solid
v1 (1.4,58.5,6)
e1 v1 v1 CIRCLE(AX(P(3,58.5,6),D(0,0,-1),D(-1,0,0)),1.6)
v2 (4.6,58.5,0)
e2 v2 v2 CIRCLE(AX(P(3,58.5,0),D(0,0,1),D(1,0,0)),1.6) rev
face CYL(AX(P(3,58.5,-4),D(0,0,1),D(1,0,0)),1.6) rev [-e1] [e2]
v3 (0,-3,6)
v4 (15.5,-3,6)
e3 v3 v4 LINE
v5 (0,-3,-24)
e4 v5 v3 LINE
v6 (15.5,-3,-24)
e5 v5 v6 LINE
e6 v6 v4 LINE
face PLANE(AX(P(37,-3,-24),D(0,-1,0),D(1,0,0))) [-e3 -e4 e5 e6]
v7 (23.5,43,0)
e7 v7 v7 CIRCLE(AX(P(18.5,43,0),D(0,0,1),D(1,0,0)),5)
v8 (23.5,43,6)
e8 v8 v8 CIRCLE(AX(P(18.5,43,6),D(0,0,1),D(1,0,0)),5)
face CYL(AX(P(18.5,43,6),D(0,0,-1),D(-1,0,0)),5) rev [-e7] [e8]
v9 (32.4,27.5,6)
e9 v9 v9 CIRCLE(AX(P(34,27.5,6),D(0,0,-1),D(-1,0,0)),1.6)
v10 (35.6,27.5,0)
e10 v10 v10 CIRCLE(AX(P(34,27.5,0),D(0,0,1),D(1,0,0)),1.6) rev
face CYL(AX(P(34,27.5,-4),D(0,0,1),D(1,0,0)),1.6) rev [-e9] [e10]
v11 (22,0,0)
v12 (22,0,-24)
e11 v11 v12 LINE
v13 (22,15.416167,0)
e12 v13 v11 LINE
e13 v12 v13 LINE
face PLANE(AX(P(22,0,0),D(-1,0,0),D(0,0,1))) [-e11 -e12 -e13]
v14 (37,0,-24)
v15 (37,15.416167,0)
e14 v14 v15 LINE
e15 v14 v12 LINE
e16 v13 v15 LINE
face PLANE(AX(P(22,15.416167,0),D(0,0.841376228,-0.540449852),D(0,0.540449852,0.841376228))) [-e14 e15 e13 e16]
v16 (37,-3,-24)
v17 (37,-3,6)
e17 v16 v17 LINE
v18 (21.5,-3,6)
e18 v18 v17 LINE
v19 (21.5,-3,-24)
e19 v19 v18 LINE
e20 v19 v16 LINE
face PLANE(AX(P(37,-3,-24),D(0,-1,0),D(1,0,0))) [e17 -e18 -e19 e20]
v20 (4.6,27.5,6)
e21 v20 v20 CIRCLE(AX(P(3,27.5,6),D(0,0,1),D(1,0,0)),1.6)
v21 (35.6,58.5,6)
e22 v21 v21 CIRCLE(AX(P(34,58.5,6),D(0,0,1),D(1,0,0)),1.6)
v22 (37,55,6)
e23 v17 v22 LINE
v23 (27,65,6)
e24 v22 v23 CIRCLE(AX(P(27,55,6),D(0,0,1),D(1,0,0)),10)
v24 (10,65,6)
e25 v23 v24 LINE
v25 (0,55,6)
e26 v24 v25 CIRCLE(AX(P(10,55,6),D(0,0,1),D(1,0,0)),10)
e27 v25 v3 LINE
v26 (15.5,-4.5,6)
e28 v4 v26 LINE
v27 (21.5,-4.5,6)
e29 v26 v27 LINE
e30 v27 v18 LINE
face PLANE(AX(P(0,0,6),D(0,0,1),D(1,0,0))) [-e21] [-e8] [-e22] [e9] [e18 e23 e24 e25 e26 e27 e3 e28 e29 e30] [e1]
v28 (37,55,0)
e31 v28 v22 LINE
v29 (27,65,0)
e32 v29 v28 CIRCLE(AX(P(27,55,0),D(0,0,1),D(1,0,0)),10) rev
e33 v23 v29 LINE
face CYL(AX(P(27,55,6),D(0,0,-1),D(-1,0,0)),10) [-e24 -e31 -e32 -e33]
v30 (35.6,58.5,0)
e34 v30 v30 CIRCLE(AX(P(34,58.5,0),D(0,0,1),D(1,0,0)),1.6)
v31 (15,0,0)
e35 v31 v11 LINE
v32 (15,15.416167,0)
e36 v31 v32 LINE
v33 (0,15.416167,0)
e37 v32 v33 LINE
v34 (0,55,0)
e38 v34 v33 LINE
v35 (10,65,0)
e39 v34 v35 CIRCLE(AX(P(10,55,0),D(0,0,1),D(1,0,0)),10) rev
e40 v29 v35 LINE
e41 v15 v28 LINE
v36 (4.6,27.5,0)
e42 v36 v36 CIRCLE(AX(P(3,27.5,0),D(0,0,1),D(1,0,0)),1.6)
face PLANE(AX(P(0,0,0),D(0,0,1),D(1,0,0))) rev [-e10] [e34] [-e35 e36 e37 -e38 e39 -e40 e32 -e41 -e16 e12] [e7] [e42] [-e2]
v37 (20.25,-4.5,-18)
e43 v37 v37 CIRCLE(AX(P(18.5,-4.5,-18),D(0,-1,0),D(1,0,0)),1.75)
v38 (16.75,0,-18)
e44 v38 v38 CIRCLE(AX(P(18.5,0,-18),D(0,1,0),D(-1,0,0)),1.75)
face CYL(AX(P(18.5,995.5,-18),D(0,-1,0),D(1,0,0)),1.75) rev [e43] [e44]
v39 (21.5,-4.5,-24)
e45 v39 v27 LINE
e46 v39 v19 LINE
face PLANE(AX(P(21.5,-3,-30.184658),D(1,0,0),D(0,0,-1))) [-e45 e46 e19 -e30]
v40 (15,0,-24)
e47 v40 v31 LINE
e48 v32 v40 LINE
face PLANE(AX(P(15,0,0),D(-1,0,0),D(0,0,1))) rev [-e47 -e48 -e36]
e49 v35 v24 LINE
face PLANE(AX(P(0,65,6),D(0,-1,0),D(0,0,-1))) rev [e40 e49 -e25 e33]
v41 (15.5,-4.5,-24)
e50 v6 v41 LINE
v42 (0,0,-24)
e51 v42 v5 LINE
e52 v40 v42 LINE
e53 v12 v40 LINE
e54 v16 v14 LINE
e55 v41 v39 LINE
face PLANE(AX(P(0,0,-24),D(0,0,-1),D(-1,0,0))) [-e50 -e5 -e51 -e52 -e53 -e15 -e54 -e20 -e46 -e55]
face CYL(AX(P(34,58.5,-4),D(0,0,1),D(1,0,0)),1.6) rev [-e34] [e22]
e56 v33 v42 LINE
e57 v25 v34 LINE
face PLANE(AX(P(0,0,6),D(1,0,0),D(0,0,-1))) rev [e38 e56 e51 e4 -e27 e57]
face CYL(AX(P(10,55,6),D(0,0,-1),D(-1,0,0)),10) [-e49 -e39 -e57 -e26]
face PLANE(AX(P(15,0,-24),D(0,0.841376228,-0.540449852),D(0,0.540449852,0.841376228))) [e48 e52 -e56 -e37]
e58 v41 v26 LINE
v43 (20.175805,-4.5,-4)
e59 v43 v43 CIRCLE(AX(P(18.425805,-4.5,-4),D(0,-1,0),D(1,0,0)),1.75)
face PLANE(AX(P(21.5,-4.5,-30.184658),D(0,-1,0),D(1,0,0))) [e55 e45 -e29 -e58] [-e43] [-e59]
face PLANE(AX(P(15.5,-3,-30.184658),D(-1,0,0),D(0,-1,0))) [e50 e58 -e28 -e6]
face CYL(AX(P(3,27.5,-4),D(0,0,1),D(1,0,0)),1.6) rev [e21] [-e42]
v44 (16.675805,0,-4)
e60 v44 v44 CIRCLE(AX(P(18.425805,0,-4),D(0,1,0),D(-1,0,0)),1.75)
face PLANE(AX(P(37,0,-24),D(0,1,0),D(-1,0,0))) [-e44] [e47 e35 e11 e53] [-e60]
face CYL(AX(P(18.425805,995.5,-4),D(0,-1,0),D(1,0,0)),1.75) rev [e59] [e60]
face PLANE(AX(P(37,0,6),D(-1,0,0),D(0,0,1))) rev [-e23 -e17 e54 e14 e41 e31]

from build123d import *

# Parameters (mm, degrees)
SKETCH_1_R          = 5
EXTRUDE_1_DEPTH     = 6
FILLET_1_R          = 10
SKETCH_4_W          = 37
SKETCH_4_H          = 3
EXTRUDE_2_DEPTH     = 30
SKETCH_5_W          = 6
SKETCH_5_H          = 1.5
EXTRUDE_3_DEPTH     = 30
SKETCH_6_R          = 1.6
CUT_EXTRUDE_1_DEPTH = 10
EXTRUDE_5_DEPTH     = 15
SKETCH_10_R         = 1.75
CUT_EXTRUDE_3_DEPTH = 1000
EXTRUDE_6_DEPTH     = 15


with BuildPart() as part:
    # Эскиз1 → Бобышка-Вытянуть1 (new body)
    with BuildSketch(Plane.XY):
        Polygon((0, 0), (0, 65), (16, 65), (21, 65), (37, 65), (37, 0), align=None)
        with Locations((18.5, 43)):
            Circle(SKETCH_1_R, mode=Mode.SUBTRACT)
    extrude(amount=EXTRUDE_1_DEPTH)

    # Скругление1
    fillet_1_edges = [part.edges().sort_by_distance(p)[0] for p in [
        (0, 65, 3),
        (37, 65, 3),
    ]]
    fillet(fillet_1_edges, radius=FILLET_1_R)

    # Эскиз4 → Бобышка-Вытянуть2 (add)
    with BuildSketch(Plane.XY.offset(6)):
        with Locations((18.5, -1.5)):
            Rectangle(SKETCH_4_W, SKETCH_4_H)
    extrude(amount=-EXTRUDE_2_DEPTH)

    # Эскиз5 → Бобышка-Вытянуть3 (add)
    with BuildSketch(Plane.XY.offset(6)):
        with Locations((18.5, -3.75)):
            Rectangle(SKETCH_5_W, SKETCH_5_H)
    extrude(amount=-EXTRUDE_3_DEPTH)

    # Эскиз6 → Вырез-Вытянуть1 (cut)
    with BuildSketch(Plane.XY.offset(6)):
        with Locations((3, 27.5)):
            Circle(SKETCH_6_R)
        with Locations((3, 58.5)):
            Circle(SKETCH_6_R)
        with Locations((34, 27.5)):
            Circle(SKETCH_6_R)
        with Locations((34, 58.5)):
            Circle(SKETCH_6_R)
    extrude(amount=-CUT_EXTRUDE_1_DEPTH, mode=Mode.SUBTRACT)

    # Эскиз9 → Бобышка-Вытянуть5 (add)
    with BuildSketch(Plane.ZY):
        Polygon((-24, 0), (0, 0), (0, 15.416167011), align=None)
    extrude(amount=-EXTRUDE_5_DEPTH)

    # Эскиз10 → Вырез-Вытянуть3 (cut)
    with BuildSketch(Plane.XZ.offset(4.5)):
        with Locations((18.5, -18)):
            Circle(SKETCH_10_R)
        with Locations((18.425804873, -4)):
            Circle(SKETCH_10_R)
    extrude(amount=-CUT_EXTRUDE_3_DEPTH, mode=Mode.SUBTRACT)

    # Эскиз11 → Бобышка-Вытянуть6 (add)
    with BuildSketch(Plane(origin=(37, 0, 0), x_dir=(0, 0, -1), z_dir=(1, 0, 0))):
        Polygon((0, 0), (24, 0), (0, 15.416167011), align=None)
    extrude(amount=-EXTRUDE_6_DEPTH)


solid = part.part
